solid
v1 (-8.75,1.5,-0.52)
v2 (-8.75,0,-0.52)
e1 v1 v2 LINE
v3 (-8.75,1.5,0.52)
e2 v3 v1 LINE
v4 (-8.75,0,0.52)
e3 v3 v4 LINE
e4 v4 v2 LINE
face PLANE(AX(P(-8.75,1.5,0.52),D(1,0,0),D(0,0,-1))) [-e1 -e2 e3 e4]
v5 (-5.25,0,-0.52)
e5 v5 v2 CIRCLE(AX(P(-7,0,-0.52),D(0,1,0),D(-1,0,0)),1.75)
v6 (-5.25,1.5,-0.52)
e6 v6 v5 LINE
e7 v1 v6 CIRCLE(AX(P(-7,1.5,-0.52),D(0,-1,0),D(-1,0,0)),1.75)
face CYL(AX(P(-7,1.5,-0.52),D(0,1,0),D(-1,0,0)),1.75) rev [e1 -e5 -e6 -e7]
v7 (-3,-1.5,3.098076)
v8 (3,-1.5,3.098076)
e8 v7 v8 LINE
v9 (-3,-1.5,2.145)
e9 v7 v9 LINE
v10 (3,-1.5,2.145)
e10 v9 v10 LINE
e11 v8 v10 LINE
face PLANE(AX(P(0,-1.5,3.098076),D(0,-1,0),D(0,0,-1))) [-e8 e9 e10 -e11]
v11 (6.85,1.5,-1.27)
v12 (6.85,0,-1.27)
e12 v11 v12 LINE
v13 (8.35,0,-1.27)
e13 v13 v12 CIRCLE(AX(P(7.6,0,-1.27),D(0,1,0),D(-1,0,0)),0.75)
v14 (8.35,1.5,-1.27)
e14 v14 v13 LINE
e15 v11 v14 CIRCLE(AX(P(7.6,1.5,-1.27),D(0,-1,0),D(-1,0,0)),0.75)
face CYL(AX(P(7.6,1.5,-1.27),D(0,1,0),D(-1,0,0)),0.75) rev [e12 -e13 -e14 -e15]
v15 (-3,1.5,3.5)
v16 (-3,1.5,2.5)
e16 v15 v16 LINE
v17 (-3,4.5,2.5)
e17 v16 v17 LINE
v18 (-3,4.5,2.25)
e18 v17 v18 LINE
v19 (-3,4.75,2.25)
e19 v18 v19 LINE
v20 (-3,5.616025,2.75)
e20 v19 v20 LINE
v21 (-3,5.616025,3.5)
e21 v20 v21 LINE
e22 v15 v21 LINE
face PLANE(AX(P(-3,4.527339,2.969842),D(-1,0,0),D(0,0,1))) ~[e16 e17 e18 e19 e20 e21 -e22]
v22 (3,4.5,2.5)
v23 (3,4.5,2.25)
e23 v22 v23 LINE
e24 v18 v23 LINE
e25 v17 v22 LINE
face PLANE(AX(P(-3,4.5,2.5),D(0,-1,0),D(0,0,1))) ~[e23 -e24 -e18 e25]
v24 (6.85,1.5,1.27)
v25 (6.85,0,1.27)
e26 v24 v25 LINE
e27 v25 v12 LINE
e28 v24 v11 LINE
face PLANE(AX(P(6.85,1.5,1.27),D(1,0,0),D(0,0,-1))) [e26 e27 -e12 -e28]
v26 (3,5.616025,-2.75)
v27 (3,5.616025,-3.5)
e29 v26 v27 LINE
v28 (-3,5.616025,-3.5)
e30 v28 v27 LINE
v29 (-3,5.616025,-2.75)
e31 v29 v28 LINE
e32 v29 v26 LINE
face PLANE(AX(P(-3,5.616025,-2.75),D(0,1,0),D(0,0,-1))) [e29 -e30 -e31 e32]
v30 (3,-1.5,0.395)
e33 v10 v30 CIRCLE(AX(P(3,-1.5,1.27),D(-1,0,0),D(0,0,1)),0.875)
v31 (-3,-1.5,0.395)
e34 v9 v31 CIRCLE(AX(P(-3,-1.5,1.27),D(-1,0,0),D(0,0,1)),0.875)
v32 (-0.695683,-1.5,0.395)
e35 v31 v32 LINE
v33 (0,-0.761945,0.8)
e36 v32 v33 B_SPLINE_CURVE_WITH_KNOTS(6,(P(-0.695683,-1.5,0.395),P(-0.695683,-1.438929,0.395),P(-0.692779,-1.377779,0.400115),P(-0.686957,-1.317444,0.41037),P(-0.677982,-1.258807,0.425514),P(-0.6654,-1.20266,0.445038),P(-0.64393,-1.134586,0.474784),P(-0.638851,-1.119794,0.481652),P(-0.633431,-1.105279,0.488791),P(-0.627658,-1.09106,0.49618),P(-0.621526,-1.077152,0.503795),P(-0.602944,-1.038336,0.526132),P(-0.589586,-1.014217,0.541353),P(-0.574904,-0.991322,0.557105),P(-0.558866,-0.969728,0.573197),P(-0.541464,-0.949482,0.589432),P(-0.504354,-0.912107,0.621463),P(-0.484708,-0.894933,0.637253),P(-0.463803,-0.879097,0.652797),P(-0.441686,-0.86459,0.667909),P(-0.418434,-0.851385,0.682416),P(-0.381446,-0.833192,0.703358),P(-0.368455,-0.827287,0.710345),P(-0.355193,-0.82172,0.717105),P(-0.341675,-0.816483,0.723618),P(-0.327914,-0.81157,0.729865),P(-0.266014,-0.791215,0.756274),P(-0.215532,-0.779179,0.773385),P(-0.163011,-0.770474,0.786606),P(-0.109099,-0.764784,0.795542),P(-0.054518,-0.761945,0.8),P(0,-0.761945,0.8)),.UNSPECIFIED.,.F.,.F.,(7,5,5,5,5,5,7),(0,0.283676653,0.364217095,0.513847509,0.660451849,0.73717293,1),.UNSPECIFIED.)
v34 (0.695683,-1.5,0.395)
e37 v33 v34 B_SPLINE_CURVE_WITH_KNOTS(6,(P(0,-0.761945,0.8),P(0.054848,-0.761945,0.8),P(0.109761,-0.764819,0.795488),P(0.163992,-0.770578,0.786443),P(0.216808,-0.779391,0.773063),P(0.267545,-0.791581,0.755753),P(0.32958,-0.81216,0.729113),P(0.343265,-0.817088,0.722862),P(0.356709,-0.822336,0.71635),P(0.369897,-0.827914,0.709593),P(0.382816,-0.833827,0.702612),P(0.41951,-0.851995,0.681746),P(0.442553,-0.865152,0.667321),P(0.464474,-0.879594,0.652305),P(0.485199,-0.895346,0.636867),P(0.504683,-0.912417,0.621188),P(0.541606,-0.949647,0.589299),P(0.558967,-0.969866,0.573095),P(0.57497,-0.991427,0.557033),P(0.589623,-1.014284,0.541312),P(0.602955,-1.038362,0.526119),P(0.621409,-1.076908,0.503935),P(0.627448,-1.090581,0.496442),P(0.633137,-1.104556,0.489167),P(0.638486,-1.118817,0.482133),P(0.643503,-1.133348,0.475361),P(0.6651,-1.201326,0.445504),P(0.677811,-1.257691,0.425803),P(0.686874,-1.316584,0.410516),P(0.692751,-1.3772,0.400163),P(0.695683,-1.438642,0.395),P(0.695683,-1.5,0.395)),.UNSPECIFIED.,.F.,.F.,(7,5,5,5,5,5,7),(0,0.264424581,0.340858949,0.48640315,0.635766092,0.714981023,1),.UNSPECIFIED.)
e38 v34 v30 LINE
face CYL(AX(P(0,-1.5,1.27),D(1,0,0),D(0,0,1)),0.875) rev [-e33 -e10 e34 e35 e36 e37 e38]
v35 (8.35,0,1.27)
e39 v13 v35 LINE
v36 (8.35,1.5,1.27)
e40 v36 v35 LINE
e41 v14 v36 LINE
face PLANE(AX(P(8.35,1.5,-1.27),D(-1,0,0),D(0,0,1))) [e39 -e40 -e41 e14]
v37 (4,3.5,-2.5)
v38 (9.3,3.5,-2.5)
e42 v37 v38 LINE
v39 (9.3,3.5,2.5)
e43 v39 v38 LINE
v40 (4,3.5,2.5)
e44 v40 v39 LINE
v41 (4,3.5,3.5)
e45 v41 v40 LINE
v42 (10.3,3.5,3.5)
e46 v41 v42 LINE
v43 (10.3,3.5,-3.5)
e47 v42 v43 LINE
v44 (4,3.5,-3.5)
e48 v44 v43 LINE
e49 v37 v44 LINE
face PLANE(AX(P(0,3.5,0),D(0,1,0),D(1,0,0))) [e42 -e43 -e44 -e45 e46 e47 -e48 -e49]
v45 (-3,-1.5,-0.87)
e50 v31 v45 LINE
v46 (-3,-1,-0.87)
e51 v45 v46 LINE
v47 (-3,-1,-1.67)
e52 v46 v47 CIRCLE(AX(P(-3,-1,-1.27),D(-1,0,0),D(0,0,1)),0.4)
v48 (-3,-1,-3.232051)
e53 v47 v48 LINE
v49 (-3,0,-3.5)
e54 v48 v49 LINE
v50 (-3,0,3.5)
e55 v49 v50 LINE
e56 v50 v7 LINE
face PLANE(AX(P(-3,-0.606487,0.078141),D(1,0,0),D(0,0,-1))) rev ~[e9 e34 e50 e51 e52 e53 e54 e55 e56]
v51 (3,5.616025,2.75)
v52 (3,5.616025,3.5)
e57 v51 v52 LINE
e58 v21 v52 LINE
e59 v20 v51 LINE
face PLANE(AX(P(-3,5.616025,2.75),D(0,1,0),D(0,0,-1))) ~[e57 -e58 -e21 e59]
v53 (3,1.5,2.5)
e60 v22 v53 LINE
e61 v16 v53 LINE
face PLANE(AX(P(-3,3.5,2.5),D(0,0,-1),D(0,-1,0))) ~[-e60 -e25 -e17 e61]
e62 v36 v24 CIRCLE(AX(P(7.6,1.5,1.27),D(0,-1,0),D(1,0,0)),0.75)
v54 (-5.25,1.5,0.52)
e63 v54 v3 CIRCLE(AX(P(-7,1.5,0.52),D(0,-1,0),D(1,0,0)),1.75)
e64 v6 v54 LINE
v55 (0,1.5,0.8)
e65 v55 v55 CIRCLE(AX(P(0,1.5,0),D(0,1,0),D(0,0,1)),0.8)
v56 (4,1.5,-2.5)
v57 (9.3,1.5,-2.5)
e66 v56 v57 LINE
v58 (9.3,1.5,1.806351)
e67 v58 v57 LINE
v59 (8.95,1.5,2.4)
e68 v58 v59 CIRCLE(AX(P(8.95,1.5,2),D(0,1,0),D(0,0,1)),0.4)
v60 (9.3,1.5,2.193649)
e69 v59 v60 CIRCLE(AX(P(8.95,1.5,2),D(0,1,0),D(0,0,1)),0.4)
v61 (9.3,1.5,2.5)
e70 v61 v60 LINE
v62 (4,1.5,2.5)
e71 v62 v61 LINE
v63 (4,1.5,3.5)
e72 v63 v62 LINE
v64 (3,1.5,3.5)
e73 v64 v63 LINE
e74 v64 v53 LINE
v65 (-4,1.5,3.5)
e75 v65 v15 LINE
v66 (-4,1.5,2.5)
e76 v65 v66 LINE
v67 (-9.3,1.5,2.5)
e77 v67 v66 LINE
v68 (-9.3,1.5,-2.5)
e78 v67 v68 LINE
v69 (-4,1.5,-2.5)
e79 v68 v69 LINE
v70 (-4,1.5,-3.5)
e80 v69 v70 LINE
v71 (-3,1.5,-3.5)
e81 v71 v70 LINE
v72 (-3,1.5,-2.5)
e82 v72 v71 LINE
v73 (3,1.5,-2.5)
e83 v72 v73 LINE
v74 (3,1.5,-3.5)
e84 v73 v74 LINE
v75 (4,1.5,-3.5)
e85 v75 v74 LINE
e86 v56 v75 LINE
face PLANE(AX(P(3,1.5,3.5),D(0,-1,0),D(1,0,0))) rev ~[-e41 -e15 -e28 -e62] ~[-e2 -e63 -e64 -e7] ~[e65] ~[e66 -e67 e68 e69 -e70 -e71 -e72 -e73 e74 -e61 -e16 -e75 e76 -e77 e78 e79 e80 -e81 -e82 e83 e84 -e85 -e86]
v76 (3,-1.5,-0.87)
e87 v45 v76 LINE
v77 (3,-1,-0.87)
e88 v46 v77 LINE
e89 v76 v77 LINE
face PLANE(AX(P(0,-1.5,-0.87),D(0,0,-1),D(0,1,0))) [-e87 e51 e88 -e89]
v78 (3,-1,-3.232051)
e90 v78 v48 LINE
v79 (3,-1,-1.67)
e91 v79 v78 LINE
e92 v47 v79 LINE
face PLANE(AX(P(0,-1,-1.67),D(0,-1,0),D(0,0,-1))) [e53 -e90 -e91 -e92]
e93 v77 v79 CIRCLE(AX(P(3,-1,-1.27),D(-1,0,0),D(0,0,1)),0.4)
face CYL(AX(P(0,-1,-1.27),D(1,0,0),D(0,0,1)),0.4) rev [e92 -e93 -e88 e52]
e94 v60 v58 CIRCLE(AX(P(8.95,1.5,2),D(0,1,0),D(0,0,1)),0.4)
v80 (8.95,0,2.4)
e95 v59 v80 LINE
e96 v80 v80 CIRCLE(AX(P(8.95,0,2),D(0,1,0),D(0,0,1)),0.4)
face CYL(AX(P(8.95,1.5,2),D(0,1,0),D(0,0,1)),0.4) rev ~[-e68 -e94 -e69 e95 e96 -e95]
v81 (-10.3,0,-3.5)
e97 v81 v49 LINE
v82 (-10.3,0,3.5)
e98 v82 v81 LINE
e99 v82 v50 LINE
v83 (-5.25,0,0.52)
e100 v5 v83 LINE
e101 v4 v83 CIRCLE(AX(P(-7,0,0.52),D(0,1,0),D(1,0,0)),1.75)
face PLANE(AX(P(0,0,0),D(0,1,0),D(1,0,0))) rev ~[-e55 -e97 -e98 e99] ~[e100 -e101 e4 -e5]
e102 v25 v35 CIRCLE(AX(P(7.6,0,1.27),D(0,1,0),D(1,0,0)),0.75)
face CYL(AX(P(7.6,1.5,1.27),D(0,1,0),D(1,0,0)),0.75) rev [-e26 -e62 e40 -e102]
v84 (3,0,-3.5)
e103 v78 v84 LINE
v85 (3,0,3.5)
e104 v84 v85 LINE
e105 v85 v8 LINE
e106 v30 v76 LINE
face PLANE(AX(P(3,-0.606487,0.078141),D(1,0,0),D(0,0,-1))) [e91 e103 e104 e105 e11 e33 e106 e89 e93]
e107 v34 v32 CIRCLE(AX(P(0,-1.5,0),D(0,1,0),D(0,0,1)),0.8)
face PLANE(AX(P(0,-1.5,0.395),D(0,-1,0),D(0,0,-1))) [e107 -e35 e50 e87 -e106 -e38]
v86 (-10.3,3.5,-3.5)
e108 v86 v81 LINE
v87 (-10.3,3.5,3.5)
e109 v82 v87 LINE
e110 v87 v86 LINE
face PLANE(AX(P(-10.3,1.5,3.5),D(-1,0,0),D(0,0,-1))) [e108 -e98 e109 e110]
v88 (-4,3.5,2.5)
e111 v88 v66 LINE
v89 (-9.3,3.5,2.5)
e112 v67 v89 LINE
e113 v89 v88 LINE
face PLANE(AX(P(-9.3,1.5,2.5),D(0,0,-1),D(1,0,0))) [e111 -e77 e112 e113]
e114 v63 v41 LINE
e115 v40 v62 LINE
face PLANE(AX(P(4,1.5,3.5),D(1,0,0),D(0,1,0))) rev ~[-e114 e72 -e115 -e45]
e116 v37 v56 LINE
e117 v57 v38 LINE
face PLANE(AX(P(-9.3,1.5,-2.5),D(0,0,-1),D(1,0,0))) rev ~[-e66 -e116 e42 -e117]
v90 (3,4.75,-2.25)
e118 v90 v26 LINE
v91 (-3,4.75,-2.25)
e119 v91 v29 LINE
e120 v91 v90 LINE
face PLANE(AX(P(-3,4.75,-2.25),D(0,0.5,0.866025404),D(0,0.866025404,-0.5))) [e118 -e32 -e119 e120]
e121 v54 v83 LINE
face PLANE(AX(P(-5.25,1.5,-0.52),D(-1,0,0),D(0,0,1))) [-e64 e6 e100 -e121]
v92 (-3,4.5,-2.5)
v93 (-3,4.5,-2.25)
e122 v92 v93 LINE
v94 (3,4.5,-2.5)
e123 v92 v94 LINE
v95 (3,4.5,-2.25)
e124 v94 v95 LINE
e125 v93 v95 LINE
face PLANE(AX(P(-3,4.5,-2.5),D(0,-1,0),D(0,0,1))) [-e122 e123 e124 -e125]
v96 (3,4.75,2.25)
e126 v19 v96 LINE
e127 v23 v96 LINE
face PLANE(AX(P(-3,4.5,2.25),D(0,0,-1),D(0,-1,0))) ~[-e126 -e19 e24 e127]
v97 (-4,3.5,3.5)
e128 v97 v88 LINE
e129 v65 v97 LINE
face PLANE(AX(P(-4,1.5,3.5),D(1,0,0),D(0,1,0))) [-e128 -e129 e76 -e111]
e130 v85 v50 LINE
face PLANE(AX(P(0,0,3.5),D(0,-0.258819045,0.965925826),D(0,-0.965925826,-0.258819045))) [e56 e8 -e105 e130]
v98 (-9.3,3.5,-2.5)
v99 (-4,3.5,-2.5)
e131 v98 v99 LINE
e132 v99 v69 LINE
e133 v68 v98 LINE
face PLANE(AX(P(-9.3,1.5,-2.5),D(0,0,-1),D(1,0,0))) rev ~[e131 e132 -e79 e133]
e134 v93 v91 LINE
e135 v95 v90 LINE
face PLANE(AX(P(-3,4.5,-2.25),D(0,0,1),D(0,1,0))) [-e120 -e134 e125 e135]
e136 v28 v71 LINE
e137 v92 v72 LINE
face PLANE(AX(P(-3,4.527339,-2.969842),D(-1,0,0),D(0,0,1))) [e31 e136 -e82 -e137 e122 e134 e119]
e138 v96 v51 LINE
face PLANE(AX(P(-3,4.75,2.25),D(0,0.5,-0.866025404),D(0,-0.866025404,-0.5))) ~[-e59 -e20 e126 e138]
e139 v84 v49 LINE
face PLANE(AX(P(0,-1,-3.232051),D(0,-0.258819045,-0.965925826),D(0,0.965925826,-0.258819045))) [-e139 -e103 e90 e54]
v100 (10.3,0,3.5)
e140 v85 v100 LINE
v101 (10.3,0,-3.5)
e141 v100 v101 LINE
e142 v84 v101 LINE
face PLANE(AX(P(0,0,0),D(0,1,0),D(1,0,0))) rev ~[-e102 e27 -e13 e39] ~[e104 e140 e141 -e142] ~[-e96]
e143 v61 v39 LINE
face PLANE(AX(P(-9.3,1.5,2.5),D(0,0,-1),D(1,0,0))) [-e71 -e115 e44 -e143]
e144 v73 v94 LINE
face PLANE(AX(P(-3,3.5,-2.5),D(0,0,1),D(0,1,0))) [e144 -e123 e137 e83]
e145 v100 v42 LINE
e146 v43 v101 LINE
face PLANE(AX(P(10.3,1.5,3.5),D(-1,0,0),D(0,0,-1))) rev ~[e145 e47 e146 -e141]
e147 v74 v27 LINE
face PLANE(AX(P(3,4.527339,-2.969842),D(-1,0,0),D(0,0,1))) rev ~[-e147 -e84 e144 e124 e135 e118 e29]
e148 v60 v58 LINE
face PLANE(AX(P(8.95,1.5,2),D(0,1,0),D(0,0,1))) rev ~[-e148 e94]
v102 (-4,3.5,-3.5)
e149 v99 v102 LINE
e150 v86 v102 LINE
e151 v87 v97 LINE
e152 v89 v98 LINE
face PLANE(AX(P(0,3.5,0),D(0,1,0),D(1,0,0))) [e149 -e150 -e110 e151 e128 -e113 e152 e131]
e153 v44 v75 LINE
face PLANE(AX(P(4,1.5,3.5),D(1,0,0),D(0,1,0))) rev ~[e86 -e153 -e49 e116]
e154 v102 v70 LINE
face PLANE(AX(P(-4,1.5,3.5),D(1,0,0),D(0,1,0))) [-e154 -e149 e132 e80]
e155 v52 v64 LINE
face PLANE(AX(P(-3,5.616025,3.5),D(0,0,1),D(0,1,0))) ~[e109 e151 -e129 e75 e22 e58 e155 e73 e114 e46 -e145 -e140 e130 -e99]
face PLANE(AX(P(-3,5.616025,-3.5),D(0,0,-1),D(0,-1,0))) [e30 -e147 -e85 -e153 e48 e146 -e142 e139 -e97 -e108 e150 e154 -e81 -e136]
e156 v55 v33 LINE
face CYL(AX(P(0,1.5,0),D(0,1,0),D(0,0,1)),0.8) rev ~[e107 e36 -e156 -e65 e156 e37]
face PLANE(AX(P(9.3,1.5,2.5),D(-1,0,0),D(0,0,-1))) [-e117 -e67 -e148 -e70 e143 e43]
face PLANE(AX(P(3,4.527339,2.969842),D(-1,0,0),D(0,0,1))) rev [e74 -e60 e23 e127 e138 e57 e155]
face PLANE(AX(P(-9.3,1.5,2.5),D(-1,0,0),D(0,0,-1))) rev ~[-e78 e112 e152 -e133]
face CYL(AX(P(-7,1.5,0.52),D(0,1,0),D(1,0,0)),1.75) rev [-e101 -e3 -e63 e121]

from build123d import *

# Parameters (mm, degrees)
SKETCH1_W           = 20.6
SKETCH1_H           = 7
BOSS_EXTRUDE1_DEPTH = 1.5
SKETCH2_W           = 20.6
SKETCH2_H           = 7
SKETCH2_W_2         = 18.6
SKETCH2_H_2         = 5
BOSS_EXTRUDE2_DEPTH = 2
SKETCH3_W           = 1
SKETCH3_H           = 2
CUT_EXTRUDE1_DEPTH  = 13.935996289
BOSS_EXTRUDE3_DEPTH = 6
CUT_EXTRUDE3_DEPTH  = 12.63106466
BOSS_EXTRUDE4_DEPTH = 3
SKETCH5_R           = 0.8
SKETCH5_R_2         = 0.4
CUT_EXTRUDE2_DEPTH  = 12.63106466


with BuildPart() as part:
    # Sketch1 → Boss-Extrude1 (new body)
    with BuildSketch(Plane(origin=(0, 0, 0), x_dir=(1, 0, 0), z_dir=(0, 1, 0))):
        Rectangle(SKETCH1_W, SKETCH1_H)
    extrude(amount=BOSS_EXTRUDE1_DEPTH)

    # Sketch2 → Boss-Extrude2 (add)
    with BuildSketch(Plane(origin=(0, 1.5, 0), x_dir=(1, 0, 0), z_dir=(0, 1, 0))):
        Rectangle(SKETCH2_W, SKETCH2_H)
        Rectangle(SKETCH2_W_2, SKETCH2_H_2, mode=Mode.SUBTRACT)
    extrude(amount=BOSS_EXTRUDE2_DEPTH)

    # Sketch3 → Cut-Extrude1 (cut, through all)
    with BuildSketch(Plane.XY.offset(3.5)):
        with Locations((3.5, 2.5)):
            Rectangle(SKETCH3_W, SKETCH3_H)
        with Locations((-3.5, 2.5)):
            Rectangle(SKETCH3_W, SKETCH3_H)
    extrude(amount=-CUT_EXTRUDE1_DEPTH, mode=Mode.SUBTRACT)

    # Sketch4 → Boss-Extrude3 (add)
    with BuildSketch(Plane.ZY.offset(3)):
        Polygon((-2.5, 4.5), (-2.25, 4.5), (-2.25, 4.75), (-2.75, 5.616025404), (-3.5, 5.616025404), (-3.5, 3.87609405), (-3.5, 3.5), (-2.5, 3.5), align=None)
    boss_extrude3 = extrude(amount=-BOSS_EXTRUDE3_DEPTH)

    # Mirror1: Boss-Extrude3 across plane
    add(boss_extrude3.mirror(Plane.XY))

    # Sketch6 → Cut-Extrude3 (cut, through all)
    with BuildSketch(Plane(origin=(0, 1.5, 0), x_dir=(1, 0, 0), z_dir=(0, 1, 0))):
        with BuildLine():
            Line((8.35, 1.27), (8.35, -1.27))
            ThreePointArc((8.35, -1.27), (7.6, -2.02), (6.85, -1.27))
            Line((6.85, -1.27), (6.85, 1.27))
            ThreePointArc((6.85, 1.27), (7.6, 2.02), (8.35, 1.27))
        make_face()
        with BuildLine():
            Line((-5.25, 0.52), (-5.25, -0.52))
            ThreePointArc((-5.25, -0.52), (-7, -2.27), (-8.75, -0.52))
            Line((-8.75, -0.52), (-8.75, 0.52))
            ThreePointArc((-8.75, 0.52), (-7, 2.27), (-5.25, 0.52))
        make_face()
    extrude(amount=-CUT_EXTRUDE3_DEPTH, mode=Mode.SUBTRACT)

    # Sketch8 → Boss-Extrude4 (add, symmetric)
    with BuildSketch(Plane(origin=(0, 0, 0), x_dir=(0, 0, -1), z_dir=(1, 0, 0))):
        with BuildLine():
            Line((-3.5, 0), (-3.098076211, -1.5))
            Line((-3.098076211, -1.5), (-2.145, -1.5))
            ThreePointArc((-2.145, -1.5), (-1.27, -0.625), (-0.395, -1.5))
            Line((-0.395, -1.5), (0.87, -1.5))
            Line((0.87, -1.5), (0.87, -1))
            ThreePointArc((0.87, -1), (1.27, -0.6), (1.67, -1))
            Line((1.67, -1), (3.232050808, -1))
            Line((3.232050808, -1), (3.5, 0))
            Line((3.5, 0), (-3.5, 0))
        make_face()
    extrude(amount=BOSS_EXTRUDE4_DEPTH, both=True)

    # Sketch5 → Cut-Extrude2 (cut, through all)
    with BuildSketch(Plane(origin=(0, 1.5, 0), x_dir=(1, 0, 0), z_dir=(0, 1, 0))):
        with Locations(Location((0, 0, 0), (0, 0, 270))):
            Circle(SKETCH5_R)
        with Locations(Location((8.95, -2, 0), (0, 0, 270))):
            Circle(SKETCH5_R_2)
    extrude(amount=-CUT_EXTRUDE2_DEPTH, mode=Mode.SUBTRACT)


solid = part.part
